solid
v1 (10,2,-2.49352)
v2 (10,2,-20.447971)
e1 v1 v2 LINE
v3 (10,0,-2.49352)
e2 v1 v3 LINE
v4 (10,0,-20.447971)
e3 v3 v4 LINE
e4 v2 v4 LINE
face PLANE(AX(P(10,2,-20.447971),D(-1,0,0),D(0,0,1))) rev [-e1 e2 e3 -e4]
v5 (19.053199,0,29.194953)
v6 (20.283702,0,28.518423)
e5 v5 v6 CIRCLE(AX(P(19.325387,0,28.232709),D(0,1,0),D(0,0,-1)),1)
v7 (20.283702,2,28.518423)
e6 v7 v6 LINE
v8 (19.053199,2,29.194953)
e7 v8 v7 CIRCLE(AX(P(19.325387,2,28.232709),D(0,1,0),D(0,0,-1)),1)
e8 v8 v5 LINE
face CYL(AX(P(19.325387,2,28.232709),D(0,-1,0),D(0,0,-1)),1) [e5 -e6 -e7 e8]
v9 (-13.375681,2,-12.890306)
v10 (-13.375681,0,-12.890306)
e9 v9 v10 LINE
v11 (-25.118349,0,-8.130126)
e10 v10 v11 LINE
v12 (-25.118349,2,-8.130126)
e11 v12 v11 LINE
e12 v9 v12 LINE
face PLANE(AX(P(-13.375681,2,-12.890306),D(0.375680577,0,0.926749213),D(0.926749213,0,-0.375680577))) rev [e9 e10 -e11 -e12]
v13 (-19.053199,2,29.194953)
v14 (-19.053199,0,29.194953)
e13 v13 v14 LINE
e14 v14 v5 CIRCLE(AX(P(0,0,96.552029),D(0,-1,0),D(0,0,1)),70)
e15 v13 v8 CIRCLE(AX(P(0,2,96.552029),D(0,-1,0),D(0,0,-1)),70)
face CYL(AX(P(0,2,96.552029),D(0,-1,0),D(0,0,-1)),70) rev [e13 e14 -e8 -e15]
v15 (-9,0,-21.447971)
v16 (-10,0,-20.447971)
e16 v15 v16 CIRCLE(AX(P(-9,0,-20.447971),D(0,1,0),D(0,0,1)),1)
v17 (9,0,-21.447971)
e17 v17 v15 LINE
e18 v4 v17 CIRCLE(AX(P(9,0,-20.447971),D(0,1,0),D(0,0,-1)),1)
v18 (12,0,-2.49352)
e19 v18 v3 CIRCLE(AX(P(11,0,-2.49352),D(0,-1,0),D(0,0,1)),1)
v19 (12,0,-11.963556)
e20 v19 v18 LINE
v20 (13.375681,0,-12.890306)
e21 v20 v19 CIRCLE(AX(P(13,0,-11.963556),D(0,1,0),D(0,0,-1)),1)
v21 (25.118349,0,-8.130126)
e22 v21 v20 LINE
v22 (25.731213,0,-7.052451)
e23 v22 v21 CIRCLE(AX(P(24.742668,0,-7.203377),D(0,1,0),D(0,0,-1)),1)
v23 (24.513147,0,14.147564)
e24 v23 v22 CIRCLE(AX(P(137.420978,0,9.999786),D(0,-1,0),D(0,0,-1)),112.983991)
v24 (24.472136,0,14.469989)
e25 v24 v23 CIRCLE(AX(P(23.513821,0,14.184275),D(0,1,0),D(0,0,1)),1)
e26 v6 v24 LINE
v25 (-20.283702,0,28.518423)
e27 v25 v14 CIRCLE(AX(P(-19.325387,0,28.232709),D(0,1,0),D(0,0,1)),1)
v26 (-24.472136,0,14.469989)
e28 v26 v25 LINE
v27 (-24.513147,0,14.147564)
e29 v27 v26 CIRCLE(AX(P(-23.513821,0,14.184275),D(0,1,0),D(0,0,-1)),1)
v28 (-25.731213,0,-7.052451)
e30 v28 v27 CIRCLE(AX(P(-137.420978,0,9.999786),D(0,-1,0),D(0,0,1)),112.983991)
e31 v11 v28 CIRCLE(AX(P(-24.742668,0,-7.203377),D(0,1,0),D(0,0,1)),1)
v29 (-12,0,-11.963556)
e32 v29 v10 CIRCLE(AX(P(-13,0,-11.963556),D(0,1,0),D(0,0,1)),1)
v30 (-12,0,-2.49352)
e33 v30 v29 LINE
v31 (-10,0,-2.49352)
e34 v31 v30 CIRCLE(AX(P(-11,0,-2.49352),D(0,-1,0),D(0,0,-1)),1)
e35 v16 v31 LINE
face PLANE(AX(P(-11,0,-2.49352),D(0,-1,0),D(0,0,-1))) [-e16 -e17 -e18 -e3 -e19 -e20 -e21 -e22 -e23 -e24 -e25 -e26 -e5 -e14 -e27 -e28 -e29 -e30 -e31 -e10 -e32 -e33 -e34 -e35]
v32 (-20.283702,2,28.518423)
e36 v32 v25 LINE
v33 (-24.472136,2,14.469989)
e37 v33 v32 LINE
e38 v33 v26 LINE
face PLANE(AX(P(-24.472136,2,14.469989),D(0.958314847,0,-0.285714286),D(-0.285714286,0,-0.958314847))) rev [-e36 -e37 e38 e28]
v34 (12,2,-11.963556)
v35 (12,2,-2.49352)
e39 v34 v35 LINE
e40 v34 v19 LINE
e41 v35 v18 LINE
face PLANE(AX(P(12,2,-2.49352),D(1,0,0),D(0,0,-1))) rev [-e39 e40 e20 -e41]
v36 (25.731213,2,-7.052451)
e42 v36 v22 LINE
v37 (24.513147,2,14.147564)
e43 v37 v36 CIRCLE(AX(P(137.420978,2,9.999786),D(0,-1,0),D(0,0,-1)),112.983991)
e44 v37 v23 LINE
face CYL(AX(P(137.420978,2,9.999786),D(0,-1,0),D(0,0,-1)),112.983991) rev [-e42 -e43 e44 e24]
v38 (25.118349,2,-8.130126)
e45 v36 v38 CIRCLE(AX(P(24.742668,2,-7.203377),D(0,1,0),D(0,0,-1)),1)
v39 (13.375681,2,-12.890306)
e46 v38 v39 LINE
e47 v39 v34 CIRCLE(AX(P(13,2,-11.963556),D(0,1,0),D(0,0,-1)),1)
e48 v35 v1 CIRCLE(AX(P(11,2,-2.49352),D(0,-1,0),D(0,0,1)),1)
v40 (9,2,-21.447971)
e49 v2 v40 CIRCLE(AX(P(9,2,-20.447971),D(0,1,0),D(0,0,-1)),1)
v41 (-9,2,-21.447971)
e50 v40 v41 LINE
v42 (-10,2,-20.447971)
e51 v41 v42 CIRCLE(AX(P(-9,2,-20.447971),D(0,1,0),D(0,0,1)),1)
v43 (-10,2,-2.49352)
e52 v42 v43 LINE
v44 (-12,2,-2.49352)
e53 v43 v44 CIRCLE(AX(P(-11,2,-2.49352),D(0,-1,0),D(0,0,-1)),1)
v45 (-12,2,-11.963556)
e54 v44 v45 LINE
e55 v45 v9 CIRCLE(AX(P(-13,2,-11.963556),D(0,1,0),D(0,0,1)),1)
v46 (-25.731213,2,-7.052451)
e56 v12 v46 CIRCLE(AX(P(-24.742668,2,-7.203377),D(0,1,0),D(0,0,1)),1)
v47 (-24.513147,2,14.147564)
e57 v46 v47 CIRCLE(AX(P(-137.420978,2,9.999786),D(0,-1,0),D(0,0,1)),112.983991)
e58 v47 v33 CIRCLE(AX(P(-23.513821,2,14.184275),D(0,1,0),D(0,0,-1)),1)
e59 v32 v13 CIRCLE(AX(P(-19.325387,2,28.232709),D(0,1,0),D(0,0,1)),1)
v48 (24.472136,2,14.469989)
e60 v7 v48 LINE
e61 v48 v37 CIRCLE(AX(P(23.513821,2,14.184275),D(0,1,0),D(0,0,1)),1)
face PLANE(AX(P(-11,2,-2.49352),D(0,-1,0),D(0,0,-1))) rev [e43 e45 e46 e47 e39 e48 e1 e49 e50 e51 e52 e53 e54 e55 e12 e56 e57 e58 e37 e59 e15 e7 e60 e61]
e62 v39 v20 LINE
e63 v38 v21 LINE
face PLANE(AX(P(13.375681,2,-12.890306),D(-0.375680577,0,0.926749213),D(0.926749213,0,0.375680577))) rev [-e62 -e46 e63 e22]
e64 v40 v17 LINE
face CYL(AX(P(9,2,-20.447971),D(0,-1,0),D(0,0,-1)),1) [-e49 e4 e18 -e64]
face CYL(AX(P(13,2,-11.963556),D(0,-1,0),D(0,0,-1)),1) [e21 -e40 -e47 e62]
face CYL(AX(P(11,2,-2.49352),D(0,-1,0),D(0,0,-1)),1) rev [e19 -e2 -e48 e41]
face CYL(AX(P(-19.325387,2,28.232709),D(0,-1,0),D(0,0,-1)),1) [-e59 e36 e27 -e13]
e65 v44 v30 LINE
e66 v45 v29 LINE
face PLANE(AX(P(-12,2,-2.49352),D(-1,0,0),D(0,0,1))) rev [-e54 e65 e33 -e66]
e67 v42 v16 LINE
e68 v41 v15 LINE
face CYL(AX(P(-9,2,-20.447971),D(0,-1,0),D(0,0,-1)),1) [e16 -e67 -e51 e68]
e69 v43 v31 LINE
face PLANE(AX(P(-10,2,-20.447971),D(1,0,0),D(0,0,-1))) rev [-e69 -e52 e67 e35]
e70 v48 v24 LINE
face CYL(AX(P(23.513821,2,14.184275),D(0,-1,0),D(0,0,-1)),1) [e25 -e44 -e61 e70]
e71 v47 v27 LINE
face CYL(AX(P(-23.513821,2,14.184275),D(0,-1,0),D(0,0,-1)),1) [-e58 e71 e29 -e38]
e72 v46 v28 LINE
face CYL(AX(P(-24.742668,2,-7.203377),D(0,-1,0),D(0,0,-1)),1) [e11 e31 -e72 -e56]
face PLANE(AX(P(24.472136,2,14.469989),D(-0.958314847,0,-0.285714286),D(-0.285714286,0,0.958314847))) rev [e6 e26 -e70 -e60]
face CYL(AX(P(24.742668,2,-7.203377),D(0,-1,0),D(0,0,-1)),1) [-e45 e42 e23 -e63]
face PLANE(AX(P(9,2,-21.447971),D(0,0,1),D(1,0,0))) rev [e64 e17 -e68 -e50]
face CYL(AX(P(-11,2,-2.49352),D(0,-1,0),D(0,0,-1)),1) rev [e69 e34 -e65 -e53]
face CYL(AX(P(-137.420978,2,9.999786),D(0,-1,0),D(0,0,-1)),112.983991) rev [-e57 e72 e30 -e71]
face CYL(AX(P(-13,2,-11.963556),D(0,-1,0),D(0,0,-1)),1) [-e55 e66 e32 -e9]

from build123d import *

# Parameters (mm, degrees)
RESSALTO_EXTRUS_O1_DEPTH = 2


with BuildPart() as part:
    # Esboço1 → Ressalto-extrusão1 (new body)
    with BuildSketch(Plane(origin=(0, 0, 0), x_dir=(1, 0, 0), z_dir=(0, 1, 0))):
        with BuildLine():
            Line((9, 21.44797145), (-9, 21.44797145))
            ThreePointArc((-9, 21.44797145), (-9.707106781, 21.155078231), (-10, 20.44797145))
            Line((-10, 20.44797145), (-10, 2.4935203))
            ThreePointArc((-10, 2.4935203), (-11, 1.4935203), (-12, 2.4935203))
            Line((-12, 2.4935203), (-12, 11.963556295))
            ThreePointArc((-12, 11.963556295), (-12.441287452, 12.792917669), (-13.375680577, 12.890305508))
            Line((-13.375680577, 12.890305508), (-25.118348649, 8.130126323))
            ThreePointArc((-25.118348649, 8.130126323), (-25.611934385, 7.697721197), (-25.731213115, 7.052450978))
            ThreePointArc((-25.731213115, 7.052450978), (-24.623016259, -3.51887647), (-24.513147024, -14.147563739))
            ThreePointArc((-24.513147024, -14.147563739), (-24.505828612, -14.310453824), (-24.472135955, -14.469989225))
            Line((-24.472135955, -14.469989225), (-20.283702113, -28.518423408))
            ThreePointArc((-20.283702113, -28.518423408), (-19.807170843, -29.108999363), (-19.053198713, -29.194953058))
            ThreePointArc((-19.053198713, -29.194953058), (-9.617814606, -27.215907789), (0, -26.55202855))
            ThreePointArc((0, -26.55202855), (9.617814606, -27.215907789), (19.053198713, -29.194953058))
            ThreePointArc((19.053198713, -29.194953058), (19.807170843, -29.108999363), (20.283702113, -28.518423408))
            Line((20.283702113, -28.518423408), (24.472135955, -14.469989225))
            ThreePointArc((24.472135955, -14.469989225), (24.505828612, -14.310453824), (24.513147024, -14.147563739))
            ThreePointArc((24.513147024, -14.147563739), (24.623016259, -3.51887647), (25.731213115, 7.052450978))
            ThreePointArc((25.731213115, 7.052450978), (25.611934385, 7.697721197), (25.118348649, 8.130126323))
            Line((25.118348649, 8.130126323), (13.375680577, 12.890305508))
            ThreePointArc((13.375680577, 12.890305508), (12.441287452, 12.792917669), (12, 11.963556295))
            Line((12, 11.963556295), (12, 2.4935203))
            ThreePointArc((12, 2.4935203), (11, 1.4935203), (10, 2.4935203))
            Line((10, 2.4935203), (10, 20.44797145))
            ThreePointArc((10, 20.44797145), (9.707106781, 21.155078231), (9, 21.44797145))
        make_face()
    extrude(amount=RESSALTO_EXTRUS_O1_DEPTH)


solid = part.part
